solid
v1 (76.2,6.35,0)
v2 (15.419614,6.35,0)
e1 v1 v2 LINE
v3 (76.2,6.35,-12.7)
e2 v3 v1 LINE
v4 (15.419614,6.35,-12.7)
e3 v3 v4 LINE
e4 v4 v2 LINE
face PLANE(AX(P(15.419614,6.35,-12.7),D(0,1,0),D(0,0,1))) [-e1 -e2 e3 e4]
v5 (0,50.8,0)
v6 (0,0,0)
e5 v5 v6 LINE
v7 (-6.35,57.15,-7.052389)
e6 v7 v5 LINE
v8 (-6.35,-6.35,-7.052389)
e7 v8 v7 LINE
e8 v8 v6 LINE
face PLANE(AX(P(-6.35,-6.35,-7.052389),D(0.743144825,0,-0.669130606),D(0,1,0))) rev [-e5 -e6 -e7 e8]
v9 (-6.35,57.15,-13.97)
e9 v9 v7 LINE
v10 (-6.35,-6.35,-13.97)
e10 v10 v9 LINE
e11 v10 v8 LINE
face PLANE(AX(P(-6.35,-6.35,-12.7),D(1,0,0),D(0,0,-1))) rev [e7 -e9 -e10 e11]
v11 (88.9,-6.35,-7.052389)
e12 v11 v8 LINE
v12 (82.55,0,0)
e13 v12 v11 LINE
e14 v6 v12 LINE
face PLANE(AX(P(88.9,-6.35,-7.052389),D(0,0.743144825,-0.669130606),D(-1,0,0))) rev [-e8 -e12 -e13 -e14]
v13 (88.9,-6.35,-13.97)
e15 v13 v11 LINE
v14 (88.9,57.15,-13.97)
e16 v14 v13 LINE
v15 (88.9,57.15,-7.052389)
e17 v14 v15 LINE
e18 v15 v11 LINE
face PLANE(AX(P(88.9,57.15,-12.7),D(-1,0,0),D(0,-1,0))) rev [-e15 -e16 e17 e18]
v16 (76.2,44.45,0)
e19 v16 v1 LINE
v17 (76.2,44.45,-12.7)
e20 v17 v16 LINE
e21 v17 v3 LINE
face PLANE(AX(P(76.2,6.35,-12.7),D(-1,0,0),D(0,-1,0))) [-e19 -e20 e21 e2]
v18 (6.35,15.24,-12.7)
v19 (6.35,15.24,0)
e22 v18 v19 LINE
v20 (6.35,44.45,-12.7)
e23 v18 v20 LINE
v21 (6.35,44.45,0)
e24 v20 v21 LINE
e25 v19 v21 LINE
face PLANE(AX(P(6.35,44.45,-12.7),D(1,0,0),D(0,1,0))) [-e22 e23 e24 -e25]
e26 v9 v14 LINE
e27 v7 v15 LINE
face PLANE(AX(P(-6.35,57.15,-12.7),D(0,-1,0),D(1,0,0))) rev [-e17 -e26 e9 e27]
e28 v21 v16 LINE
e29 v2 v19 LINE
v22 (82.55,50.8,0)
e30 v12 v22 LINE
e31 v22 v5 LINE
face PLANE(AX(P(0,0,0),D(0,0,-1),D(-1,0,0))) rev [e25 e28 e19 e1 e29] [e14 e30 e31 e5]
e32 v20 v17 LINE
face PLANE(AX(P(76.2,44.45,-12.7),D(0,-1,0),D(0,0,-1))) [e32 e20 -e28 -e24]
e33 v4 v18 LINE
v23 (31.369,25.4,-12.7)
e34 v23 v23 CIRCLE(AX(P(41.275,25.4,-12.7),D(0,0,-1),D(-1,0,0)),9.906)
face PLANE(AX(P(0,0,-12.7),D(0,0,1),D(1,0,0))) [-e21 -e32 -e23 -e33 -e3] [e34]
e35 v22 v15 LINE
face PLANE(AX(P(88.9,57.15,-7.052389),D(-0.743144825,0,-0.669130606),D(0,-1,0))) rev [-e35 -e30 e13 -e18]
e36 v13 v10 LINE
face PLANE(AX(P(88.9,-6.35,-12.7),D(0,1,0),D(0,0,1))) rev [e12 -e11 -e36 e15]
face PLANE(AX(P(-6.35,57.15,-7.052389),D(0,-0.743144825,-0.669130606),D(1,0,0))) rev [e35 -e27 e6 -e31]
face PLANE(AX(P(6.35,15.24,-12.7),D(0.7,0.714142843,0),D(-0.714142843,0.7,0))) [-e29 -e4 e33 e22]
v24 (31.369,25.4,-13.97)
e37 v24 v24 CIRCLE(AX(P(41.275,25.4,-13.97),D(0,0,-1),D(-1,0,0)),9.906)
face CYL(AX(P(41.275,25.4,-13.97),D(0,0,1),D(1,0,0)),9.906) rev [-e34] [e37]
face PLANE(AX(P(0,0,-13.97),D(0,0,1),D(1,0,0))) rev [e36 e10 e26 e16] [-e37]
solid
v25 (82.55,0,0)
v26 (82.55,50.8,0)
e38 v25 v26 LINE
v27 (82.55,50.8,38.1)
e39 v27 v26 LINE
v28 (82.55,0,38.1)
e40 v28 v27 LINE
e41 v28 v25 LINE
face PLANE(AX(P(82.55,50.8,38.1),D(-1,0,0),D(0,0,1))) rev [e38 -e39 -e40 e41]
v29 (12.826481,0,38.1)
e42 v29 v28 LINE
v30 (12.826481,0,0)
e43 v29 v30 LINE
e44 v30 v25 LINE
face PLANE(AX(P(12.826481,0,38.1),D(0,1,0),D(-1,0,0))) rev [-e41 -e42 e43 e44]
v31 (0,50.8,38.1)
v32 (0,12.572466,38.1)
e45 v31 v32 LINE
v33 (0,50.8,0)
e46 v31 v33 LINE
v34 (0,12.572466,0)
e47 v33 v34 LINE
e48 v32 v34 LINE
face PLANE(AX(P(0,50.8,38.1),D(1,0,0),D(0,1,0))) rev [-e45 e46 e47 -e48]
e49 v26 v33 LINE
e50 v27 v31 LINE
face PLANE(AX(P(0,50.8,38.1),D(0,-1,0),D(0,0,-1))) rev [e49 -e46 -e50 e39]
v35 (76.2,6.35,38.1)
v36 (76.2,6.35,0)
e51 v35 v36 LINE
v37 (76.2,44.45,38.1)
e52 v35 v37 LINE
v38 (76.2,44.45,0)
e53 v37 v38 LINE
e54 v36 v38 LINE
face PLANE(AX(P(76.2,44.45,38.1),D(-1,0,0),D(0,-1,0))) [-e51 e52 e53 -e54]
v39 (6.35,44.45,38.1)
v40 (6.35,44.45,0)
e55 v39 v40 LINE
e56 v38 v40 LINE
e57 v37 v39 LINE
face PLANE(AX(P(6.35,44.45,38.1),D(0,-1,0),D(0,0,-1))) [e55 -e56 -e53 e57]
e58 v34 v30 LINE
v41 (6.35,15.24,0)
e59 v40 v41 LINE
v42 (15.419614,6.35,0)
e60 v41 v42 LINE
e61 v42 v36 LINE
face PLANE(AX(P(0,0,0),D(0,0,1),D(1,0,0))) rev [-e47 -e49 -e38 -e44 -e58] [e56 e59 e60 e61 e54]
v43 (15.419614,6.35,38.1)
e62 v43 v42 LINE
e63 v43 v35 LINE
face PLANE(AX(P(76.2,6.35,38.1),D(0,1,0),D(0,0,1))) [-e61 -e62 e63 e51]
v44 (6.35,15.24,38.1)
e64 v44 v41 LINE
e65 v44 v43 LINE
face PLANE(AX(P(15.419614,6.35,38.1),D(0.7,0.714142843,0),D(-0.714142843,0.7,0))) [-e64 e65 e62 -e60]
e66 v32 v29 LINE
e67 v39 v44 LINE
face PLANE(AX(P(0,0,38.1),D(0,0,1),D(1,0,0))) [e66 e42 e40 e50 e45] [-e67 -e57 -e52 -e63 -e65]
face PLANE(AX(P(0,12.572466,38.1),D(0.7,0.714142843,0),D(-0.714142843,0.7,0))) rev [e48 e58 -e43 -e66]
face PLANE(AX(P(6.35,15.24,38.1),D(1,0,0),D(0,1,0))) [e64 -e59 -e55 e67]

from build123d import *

# Parameters (mm, degrees)
BOSS_EXTRUDE1_DEPTH = 38.1
SKETCH2_W           = 95.25
SKETCH2_H           = 63.5
BOSS_EXTRUDE2_DEPTH = 12.7
CHAMFER1_SIZE       = 6.35
CHAMFER1_SIZE2      = 7.052389469
SKETCH3_W           = 95.25
SKETCH3_H           = 63.5
SKETCH3_R           = 9.906
BOSS_EXTRUDE3_DEPTH = 1.27


with BuildPart() as part:
    # Sketch1 → Boss-Extrude1 (new body)
    with BuildSketch(Plane.XY):
        Polygon((0, 50.8), (82.55, 50.8), (82.55, 0), (12.826481322, 0), (0, 12.57246644), align=None)
        Polygon((6.35, 44.45), (76.2, 44.45), (76.2, 6.35), (15.419614104, 6.35), (6.35, 15.24), align=None, mode=Mode.SUBTRACT)
    extrude(amount=BOSS_EXTRUDE1_DEPTH)


with BuildPart() as body_2:
    # Sketch2 → Boss-Extrude2 (new body)
    with BuildSketch(Plane(origin=(0, 0, 0), x_dir=(-1, 0, 0), z_dir=(0, 0, -1))):
        with Locations((-41.275, 25.4)):
            Rectangle(SKETCH2_W, SKETCH2_H)
        Polygon((-6.35, 44.45), (-6.35, 15.24), (-15.419614104, 6.35), (-76.2, 6.35), (-76.2, 44.45), align=None, mode=Mode.SUBTRACT)
    extrude(amount=BOSS_EXTRUDE2_DEPTH)

    # Chamfer1
    chamfer1_edges = [body_2.edges().sort_by_distance(p)[0] for p in [
        (-6.35, 25.4, 0),
        (41.275, -6.35, 0),
        (88.9, 25.4, 0),
        (41.275, 57.15, 0),
    ]]
    chamfer1_side = [body_2.faces().sort_by_distance(p)[0] for p in [
        (87.75523747, 25.4, 0),
    ]]
    chamfer(chamfer1_edges, length=CHAMFER1_SIZE, length2=CHAMFER1_SIZE2, reference=chamfer1_side[0])

    # Sketch3 → Boss-Extrude3 (add)
    with BuildSketch(Plane(origin=(0, 0, -12.7), x_dir=(-1, 0, 0), z_dir=(0, 0, -1))):
        with Locations((-41.275, 25.4)):
            Rectangle(SKETCH3_W, SKETCH3_H)
        with Locations((-41.275, 25.4)):
            Circle(SKETCH3_R, mode=Mode.SUBTRACT)
    extrude(amount=BOSS_EXTRUDE3_DEPTH)


solid = Compound([part.part, body_2.part])
